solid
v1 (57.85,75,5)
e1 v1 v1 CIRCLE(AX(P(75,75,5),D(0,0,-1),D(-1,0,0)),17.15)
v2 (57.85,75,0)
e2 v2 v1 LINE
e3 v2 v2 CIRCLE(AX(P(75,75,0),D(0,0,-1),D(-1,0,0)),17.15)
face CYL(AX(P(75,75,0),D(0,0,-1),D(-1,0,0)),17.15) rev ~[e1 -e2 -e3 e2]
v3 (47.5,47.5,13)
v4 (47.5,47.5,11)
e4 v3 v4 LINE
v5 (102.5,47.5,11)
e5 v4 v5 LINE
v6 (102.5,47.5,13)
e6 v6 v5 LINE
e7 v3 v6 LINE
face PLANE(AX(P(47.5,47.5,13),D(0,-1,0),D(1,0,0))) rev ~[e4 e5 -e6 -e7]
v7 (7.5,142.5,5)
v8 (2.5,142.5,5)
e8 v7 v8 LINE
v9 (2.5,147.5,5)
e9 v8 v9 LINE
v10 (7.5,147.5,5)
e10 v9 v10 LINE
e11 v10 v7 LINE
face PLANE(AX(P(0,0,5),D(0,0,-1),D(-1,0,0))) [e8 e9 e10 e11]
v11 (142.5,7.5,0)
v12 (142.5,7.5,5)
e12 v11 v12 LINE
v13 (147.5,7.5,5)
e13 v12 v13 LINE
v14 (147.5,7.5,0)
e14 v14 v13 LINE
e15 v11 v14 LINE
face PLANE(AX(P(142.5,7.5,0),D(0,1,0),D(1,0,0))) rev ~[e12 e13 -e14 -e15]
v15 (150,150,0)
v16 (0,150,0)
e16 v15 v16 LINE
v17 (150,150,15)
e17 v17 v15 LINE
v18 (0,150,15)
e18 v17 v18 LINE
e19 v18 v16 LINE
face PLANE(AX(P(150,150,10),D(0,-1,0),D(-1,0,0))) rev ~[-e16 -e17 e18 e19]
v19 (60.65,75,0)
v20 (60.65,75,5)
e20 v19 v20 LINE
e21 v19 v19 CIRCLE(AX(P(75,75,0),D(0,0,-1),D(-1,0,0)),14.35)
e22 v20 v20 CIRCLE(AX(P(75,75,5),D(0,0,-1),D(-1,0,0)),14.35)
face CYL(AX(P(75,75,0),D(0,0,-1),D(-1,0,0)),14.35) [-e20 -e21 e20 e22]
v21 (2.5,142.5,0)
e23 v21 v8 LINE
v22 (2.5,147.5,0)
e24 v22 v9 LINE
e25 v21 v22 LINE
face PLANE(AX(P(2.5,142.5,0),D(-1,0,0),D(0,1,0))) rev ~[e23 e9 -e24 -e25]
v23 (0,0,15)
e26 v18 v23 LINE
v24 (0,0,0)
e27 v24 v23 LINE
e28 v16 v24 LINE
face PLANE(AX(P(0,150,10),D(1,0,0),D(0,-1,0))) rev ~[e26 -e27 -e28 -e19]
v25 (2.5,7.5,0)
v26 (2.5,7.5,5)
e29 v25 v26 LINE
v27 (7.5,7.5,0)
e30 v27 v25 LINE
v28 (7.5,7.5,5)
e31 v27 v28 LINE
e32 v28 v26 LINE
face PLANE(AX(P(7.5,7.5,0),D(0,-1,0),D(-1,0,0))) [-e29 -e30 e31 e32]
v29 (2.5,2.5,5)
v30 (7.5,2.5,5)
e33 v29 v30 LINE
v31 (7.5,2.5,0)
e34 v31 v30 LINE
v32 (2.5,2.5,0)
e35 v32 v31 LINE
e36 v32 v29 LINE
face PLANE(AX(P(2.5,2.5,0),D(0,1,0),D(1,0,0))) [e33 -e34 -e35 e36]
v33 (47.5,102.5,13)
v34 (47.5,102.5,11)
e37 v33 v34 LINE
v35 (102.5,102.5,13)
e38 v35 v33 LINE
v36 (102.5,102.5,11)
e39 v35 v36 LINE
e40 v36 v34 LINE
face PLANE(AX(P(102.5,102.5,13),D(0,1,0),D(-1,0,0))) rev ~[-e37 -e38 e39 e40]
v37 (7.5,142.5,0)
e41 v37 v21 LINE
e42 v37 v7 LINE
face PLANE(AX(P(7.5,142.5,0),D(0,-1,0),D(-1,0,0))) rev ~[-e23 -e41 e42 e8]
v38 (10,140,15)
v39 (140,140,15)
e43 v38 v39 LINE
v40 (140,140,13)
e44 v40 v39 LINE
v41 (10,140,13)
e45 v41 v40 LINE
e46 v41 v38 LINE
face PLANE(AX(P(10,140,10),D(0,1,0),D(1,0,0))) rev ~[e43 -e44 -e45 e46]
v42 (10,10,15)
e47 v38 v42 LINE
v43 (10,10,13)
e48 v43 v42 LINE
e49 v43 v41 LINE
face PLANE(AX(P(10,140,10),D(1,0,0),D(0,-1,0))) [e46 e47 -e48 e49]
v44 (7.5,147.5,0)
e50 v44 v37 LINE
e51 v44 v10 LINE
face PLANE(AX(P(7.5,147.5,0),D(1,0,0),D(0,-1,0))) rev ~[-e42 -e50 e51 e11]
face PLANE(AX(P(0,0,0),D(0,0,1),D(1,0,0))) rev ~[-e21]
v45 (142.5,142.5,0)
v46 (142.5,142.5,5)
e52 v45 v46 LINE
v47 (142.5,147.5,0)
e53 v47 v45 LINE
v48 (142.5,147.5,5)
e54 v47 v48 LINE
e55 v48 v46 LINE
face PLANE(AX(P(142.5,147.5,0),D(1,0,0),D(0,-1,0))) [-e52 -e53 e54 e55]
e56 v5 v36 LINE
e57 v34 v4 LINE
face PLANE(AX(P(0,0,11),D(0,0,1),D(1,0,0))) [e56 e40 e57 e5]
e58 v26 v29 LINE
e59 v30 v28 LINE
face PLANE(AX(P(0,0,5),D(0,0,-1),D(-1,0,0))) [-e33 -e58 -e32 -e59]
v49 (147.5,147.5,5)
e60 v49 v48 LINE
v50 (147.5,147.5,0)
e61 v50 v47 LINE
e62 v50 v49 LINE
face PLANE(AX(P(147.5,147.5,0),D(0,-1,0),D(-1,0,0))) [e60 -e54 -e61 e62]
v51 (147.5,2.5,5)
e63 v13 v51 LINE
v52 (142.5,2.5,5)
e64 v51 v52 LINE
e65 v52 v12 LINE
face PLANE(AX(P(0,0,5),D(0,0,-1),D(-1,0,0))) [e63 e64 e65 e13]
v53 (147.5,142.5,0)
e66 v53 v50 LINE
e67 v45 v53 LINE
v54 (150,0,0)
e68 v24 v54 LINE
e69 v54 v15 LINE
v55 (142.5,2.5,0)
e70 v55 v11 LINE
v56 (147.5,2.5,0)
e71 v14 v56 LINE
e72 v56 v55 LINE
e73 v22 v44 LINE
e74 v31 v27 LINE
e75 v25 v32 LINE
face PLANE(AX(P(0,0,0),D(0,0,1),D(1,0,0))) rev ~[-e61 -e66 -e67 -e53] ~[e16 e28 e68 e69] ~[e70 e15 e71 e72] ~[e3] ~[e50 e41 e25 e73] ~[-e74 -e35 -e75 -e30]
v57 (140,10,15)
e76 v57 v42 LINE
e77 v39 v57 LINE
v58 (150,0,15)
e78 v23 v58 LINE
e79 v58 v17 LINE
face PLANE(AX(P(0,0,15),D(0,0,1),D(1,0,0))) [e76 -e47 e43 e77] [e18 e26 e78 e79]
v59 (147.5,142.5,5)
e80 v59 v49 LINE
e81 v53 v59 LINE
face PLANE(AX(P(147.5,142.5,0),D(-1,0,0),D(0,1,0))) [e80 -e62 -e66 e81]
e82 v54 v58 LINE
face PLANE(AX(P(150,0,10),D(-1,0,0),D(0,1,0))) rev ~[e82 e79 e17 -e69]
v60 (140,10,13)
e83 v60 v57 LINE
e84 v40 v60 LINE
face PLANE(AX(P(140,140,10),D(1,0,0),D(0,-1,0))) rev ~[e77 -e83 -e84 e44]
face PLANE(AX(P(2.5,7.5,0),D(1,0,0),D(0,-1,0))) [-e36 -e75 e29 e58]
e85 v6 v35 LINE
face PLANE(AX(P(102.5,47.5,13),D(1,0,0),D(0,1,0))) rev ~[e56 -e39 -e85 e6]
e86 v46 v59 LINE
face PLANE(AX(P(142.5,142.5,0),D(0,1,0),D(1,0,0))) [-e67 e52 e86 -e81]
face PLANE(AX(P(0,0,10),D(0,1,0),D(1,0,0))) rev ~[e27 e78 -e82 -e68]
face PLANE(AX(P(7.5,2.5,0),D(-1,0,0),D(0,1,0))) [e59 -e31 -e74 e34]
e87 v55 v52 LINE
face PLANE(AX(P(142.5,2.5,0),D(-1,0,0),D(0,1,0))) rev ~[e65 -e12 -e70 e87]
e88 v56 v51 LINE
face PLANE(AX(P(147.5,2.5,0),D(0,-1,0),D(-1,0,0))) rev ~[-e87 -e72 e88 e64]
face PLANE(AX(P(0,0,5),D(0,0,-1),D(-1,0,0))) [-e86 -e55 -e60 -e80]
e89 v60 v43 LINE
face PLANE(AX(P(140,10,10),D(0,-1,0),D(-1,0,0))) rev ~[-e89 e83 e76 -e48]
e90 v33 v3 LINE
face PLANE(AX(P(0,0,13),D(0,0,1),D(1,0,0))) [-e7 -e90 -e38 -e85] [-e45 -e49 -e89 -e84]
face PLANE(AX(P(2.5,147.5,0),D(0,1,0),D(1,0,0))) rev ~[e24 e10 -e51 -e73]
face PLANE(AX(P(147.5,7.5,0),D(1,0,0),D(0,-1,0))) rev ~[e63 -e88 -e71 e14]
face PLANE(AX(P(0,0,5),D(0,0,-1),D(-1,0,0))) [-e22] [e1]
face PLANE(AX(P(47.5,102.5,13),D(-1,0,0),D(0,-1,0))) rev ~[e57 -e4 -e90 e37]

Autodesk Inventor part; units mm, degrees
ref_plane "YZ Plane" through (0, 0, 0) normal (1, 0, 0) x (0, 1, 0)
ref_plane "XZ Plane" through (0, 0, 0) normal (0, 1, 0) x (-1, 0, 0)
ref_plane "XY Plane" through (0, 0, 0) normal (0, 0, 1) x (1, 0, 0)
sketch "Sketch4" plane through (0, 0, 0) normal (0, 0, 1) x (1, 0, 0)
  line L0 (0, 0) -> (150, 0)
  line L1 (150, 0) -> (150, 150)
  line L2 (150, 150) -> (0, 150)
  line L3 (0, 150) -> (0, 0)
  dimension "d34" = 150
  dimension "d35" = 150
extrude "Extrusion4" add sketch "Sketch4" along normal blind 10
sketch "Sketch5" plane through (0, 0, 10) normal (0, 0, 1) x (1, 0, 0)
  line L0 (10, 10) -> (140, 10)
  line L1 (140, 10) -> (140, 140)
  line L2 (140, 140) -> (10, 140)
  line L3 (10, 140) -> (10, 10)
  point P0 (0, 0)
  dimension "d38" = 130
  dimension "d39" = 130
extrude "Extrusion5" cut sketch "Sketch5" against normal blind 2
sketch "Sketch6" plane through (0, 0, 0) normal (0, 0, -1) x (-1, 0, 0)
  circle A0 centre (-75, 75) radius 14.35
  circle A1 centre (-75, 75) radius 17.15
  line L0 (-147.5, 2.5) -> (-142.5, 2.5)
  line L1 (-142.5, 2.5) -> (-142.5, 7.5)
  line L2 (-142.5, 7.5) -> (-147.5, 7.5)
  line L3 (-147.5, 7.5) -> (-147.5, 2.5)
  line L4 (-2.5, 2.5) -> (-7.5, 2.5)
  line L5 (-7.5, 2.5) -> (-7.5, 7.5)
  line L6 (-7.5, 7.5) -> (-2.5, 7.5)
  line L7 (-2.5, 7.5) -> (-2.5, 2.5)
  line L8 (-147.5, 147.5) -> (-142.5, 147.5)
  line L9 (-142.5, 147.5) -> (-142.5, 142.5)
  line L10 (-142.5, 142.5) -> (-147.5, 142.5)
  line L11 (-147.5, 142.5) -> (-147.5, 147.5)
  line L12 (-2.5, 147.5) -> (-7.5, 147.5)
  line L13 (-7.5, 147.5) -> (-7.5, 142.5)
  line L14 (-7.5, 142.5) -> (-2.5, 142.5)
  line L15 (-2.5, 142.5) -> (-2.5, 147.5)
  point P0 (0, 0)
  dimension "d42" = 28.7
  dimension "d43" = 34.3
  dimension "d46" = 5
  dimension "d47" = 5
  dimension "d48" = 5
  dimension "d49" = 5
  dimension "d50" = 5
  dimension "d51" = 5
  dimension "d52" = 5
  dimension "d53" = 5
extrude "Extrusion7" cut sketch "Sketch6" against normal blind 5
sketch "Sketch7" plane through (0, 0, 8) normal (0, 0, 1) x (1, 0, 0)
  line L0 (47.5, 102.5) -> (102.5, 102.5)
  line L1 (102.5, 102.5) -> (102.5, 47.5)
  line L2 (102.5, 47.5) -> (47.5, 47.5)
  line L3 (47.5, 47.5) -> (47.5, 102.5)
  point P0 (0, 0)
  dimension "d58" = 55
  dimension "d59" = 55
extrude "Extrusion8" cut sketch "Sketch7" against normal blind 2
sketch "Sketch9" plane through (0, 0, 6) normal (0, 0, 1) x (1, 0, 0)
  line L0 (47.5, 47.5) -> (47.5, 102.5) projected
  line L1 (47.5, 47.5) -> (102.5, 47.5)
  line L2 (102.5, 47.5) -> (102.5, 102.5)
  line L3 (102.5, 102.5) -> (47.5, 102.5)
  line L4 (47.5, 102.5) -> (47.5, 47.5)
  point P0 (0, 0)
  dimension "d68" = 55
  dimension "d69" = 55
extrude "Extrusion10" add sketch "Sketch9" along normal blind 2
sketch "Sketch10" plane through (0, 0, 8) normal (0, 0, 1) x (1, 0, 0)
  line L0 (37.5, 37.5) -> (112.5, 37.5) projected
  line L1 (112.5, 37.5) -> (112.5, 112.5) projected
  line L2 (37.5, 37.5) -> (112.5, 37.5)
  line L3 (112.5, 37.5) -> (112.5, 112.5)
  line L4 (112.5, 112.5) -> (37.5, 112.5)
  line L5 (37.5, 112.5) -> (37.5, 37.5)
  point P0 (0, 0)
  dimension "d72" = 75
  dimension "d73" = 75
extrude "Extrusion11" add sketch "Sketch10" along normal blind 5
sketch "Sketch11" plane through (0, 0, 13) normal (0, 0, 1) x (1, 0, 0)
  line L0 (47.5, 47.5) -> (102.5, 47.5)
  line L1 (102.5, 47.5) -> (102.5, 102.5)
  line L2 (102.5, 102.5) -> (47.5, 102.5)
  line L3 (47.5, 102.5) -> (47.5, 47.5)
  point P0 (0, 0)
  dimension "d76" = 55
  dimension "d77" = 55
extrude "Extrusion12" cut sketch "Sketch11" against normal blind 2
sketch "Sketch12" plane through (0, 0, 11) normal (0, 0, 1) x (1, 0, 0)
  circle A0 centre (75, 75) radius 14.35
  circle A1 centre (75, 75) radius 17.15
  point P0 (0, 0)
sketch "Sketch13" plane through (0, 0, 8) normal (0, 0, 1) x (1, 0, 0)
  line L0 (140, 140) -> (140, 10) projected
  line L1 (10, 140) -> (140, 140)
  line L2 (140, 140) -> (140, 10)
  line L3 (140, 10) -> (10, 10)
  line L4 (10, 10) -> (10, 140)
  line L5 (37.5, 37.5) -> (37.5, 112.5) projected
  line L6 (112.5, 112.5) -> (112.5, 37.5) projected
  line L7 (37.5, 112.5) -> (112.5, 112.5)
  line L8 (112.5, 112.5) -> (112.5, 37.5)
  line L9 (112.5, 37.5) -> (37.5, 37.5)
  line L10 (37.5, 37.5) -> (37.5, 112.5)
  point P0 (0, 0)
extrude "Extrusion13" add sketch "Sketch13" along normal blind 5
sketch "Sketch15" plane through (0, 0, 10) normal (0, 0, 1) x (1, 0, 0)
  line L0 (0, 0) -> (150, 0)
  line L1 (150, 0) -> (150, 150)
  line L2 (150, 150) -> (0, 150)
  line L3 (0, 150) -> (0, 0)
  line L4 (10, 140) -> (10, 10) projected
  line L5 (10, 140) -> (140, 140)
  line L6 (140, 140) -> (140, 10)
  line L7 (140, 10) -> (10, 10)
  line L8 (10, 10) -> (10, 140)
  dimension "d86" = 150
  dimension "d87" = 150
  dimension "d88" = 130
  dimension "d89" = 130
extrude "Extrusion14" add sketch "Sketch15" along normal blind 5
properties part number "Elbow_Both_Marker_TestFit_V2"
